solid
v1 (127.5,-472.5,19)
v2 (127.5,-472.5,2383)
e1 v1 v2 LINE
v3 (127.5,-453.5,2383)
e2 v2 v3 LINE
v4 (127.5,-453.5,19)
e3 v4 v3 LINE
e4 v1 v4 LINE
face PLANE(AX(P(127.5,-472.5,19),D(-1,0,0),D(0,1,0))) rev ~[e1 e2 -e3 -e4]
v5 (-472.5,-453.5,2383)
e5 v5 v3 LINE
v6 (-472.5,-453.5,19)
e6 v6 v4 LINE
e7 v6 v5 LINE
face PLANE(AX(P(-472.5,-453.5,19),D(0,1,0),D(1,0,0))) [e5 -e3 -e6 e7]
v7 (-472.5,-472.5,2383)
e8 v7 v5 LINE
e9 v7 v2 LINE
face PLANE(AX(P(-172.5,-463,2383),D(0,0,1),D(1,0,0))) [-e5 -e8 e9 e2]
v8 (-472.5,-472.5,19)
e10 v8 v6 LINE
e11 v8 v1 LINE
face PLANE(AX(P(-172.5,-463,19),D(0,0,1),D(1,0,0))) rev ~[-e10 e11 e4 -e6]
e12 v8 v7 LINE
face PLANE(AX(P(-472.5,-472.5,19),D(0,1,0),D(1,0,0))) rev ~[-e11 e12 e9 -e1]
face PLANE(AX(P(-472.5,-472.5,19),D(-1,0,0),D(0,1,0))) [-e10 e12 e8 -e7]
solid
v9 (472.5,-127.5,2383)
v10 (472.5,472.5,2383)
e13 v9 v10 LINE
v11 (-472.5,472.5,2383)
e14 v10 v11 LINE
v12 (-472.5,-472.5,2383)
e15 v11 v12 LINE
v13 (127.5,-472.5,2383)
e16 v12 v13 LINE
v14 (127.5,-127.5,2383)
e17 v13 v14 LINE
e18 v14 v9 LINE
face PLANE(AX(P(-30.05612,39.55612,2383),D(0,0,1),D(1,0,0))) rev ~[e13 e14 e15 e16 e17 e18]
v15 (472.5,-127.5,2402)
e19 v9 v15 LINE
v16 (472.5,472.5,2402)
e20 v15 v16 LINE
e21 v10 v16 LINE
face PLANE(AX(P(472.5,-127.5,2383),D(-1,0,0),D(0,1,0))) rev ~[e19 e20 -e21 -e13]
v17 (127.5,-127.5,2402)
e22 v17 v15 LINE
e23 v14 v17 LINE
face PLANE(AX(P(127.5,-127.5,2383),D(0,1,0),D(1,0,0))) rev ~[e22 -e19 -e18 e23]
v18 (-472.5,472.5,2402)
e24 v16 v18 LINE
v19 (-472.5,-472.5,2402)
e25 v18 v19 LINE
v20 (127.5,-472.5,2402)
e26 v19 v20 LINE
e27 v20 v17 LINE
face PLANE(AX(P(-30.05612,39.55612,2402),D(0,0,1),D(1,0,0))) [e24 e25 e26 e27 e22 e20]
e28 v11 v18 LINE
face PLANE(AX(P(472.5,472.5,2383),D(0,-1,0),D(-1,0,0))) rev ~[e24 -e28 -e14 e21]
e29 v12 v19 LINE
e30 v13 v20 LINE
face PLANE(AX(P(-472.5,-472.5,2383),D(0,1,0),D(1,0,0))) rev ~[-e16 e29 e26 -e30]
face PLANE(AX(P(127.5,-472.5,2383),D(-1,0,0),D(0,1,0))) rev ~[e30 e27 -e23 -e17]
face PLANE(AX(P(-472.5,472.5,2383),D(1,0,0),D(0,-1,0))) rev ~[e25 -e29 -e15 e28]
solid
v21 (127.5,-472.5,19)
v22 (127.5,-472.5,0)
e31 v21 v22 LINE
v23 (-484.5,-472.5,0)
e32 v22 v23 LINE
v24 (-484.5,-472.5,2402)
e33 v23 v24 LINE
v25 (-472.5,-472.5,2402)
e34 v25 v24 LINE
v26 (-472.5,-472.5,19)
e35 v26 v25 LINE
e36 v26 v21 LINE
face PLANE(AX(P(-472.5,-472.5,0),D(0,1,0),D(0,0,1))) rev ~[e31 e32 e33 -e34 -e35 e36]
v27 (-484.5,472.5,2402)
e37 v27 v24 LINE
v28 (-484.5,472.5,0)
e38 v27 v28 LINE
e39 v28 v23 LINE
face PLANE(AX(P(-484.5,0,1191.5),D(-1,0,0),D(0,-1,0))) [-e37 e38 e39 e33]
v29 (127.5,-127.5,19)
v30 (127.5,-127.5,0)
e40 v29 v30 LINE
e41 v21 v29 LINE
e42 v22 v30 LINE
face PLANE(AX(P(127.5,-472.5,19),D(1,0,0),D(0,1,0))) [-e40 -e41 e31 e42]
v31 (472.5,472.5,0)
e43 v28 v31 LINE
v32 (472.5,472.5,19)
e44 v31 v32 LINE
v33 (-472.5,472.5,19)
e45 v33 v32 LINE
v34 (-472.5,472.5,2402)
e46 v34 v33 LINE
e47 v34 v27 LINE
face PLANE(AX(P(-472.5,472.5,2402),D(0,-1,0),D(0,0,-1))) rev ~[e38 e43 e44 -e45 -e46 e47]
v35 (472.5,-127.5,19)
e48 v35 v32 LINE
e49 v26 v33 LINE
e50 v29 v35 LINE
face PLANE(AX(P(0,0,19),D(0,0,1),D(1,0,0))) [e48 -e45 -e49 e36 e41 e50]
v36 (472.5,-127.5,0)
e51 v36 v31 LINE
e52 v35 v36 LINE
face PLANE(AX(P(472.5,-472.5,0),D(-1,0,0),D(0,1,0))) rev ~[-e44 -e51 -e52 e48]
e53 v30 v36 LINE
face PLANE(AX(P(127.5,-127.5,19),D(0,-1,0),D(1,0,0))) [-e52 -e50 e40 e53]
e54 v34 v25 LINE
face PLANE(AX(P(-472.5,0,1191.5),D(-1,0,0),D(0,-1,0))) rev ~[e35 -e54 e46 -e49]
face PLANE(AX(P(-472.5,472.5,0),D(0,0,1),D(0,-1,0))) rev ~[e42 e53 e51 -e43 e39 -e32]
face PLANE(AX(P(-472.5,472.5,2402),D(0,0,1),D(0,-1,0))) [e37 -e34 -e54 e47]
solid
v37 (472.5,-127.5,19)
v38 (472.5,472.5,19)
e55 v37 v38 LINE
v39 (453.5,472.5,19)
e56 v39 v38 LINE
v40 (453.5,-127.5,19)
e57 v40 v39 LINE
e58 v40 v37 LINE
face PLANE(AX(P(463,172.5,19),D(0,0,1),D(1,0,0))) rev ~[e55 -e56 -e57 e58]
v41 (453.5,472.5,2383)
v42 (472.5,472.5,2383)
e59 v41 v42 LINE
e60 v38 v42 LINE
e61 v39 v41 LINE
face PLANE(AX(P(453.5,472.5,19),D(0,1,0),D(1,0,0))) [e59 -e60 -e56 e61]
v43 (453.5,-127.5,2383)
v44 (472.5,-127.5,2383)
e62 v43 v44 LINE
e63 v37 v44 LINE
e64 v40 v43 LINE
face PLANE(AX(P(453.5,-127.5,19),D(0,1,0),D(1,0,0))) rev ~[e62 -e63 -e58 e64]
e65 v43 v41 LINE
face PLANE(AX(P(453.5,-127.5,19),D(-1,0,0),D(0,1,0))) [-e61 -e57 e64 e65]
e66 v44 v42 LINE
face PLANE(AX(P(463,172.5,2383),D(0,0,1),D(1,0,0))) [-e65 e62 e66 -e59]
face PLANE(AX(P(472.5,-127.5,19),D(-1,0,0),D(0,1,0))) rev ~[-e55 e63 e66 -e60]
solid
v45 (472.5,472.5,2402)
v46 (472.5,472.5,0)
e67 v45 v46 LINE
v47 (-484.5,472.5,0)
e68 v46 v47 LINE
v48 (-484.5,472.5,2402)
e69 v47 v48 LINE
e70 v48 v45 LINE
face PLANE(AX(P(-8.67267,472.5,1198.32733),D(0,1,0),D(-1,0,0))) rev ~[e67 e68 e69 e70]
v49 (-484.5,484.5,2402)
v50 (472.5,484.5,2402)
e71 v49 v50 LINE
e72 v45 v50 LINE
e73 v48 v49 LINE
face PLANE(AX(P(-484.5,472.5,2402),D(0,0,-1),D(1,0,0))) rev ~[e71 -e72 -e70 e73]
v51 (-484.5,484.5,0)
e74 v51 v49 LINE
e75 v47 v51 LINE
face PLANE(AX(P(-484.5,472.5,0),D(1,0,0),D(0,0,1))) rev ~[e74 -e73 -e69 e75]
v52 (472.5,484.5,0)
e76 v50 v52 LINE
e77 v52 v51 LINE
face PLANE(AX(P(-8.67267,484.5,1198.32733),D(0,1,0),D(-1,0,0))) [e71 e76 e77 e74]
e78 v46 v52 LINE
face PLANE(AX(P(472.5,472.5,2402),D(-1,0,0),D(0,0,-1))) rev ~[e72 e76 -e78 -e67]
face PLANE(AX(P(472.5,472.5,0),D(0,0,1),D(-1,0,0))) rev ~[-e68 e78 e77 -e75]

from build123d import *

# Parameters (mm, degrees)
F0_W      = 945
F0_H      = 945
F2_DEPTH  = 19
F5_W      = 345
F5_H      = 345
F6_DEPTH  = 19.001
F7_W      = 600
F7_H      = 19
F8_DEPTH  = 2364
F7_W_2    = 19
F7_H_2    = 600
F9_DEPTH  = 2364
F10_W     = 600
F10_H     = 19
F11_DEPTH = 19
F12_W     = 945
F12_H     = 2383
F12_H_2   = 19
F13_DEPTH = 12
F14_W     = 945
F14_H     = 19
F15_DEPTH = 12


with BuildPart() as f2:
    # F0 (on Top) → F2 (new body)
    with BuildSketch(Plane.XY):
        Rectangle(F0_W, F0_H)
    extrude(amount=F2_DEPTH)

    # F5 (on face) → F6 (cut, through all)
    with BuildSketch(Plane.XY.offset(19)):
        with Locations((300, -300)):
            Rectangle(F5_W, F5_H)
    extrude(amount=-F6_DEPTH, mode=Mode.SUBTRACT)

    # F12 (on face) → F13 (join)
    with BuildSketch(Plane(origin=(-472.5, 0, 0), x_dir=(0, -1, 0), z_dir=(-1, 0, 0))):
        with Locations((0, 1191.5)):
            Rectangle(F12_W, F12_H)
        with Locations((0, 2392.5)):
            Rectangle(F12_W, F12_H_2)
    extrude(amount=F13_DEPTH)


with BuildPart() as f8:
    # F7 (on face) → F8 (new body)
    with BuildSketch(Plane.XY.offset(19)):
        with Locations((-172.5, -463)):
            Rectangle(F7_W, F7_H)
    extrude(amount=F8_DEPTH)


with BuildPart() as f9:
    # F7 (on face) → F9 (new body)
    with BuildSketch(Plane.XY.offset(19)):
        with Locations((463, 172.5)):
            Rectangle(F7_W_2, F7_H_2)
    extrude(amount=F9_DEPTH)


with BuildPart() as f11:
    # F10 (on face) → F11 (new body)
    with BuildSketch(Plane.XY.offset(2383)):
        Polygon((-472.5, 472.5), (-472.5, -453.5), (127.5, -453.5), (127.5, -127.5), (472.5, -127.5), (472.5, 472.5), align=None)
        with Locations((-172.5, -463)):
            Rectangle(F10_W, F10_H)
    extrude(amount=F11_DEPTH)


with BuildPart() as f15:
    # F14 (on face) → F15 (new body)
    with BuildSketch(Plane(origin=(0, 472.5, 0), x_dir=(-1, 0, 0), z_dir=(0, 1, 0))):
        Polygon((484.5, 2402), (472.5, 2402), (472.5, 2383), (-472.5, 2383), (-472.5, 0), (484.5, 0), align=None)
        with Locations((0, 2392.5)):
            Rectangle(F14_W, F14_H)
    extrude(amount=F15_DEPTH)


solid = Compound([f2.part, f8.part, f9.part, f11.part, f15.part])
